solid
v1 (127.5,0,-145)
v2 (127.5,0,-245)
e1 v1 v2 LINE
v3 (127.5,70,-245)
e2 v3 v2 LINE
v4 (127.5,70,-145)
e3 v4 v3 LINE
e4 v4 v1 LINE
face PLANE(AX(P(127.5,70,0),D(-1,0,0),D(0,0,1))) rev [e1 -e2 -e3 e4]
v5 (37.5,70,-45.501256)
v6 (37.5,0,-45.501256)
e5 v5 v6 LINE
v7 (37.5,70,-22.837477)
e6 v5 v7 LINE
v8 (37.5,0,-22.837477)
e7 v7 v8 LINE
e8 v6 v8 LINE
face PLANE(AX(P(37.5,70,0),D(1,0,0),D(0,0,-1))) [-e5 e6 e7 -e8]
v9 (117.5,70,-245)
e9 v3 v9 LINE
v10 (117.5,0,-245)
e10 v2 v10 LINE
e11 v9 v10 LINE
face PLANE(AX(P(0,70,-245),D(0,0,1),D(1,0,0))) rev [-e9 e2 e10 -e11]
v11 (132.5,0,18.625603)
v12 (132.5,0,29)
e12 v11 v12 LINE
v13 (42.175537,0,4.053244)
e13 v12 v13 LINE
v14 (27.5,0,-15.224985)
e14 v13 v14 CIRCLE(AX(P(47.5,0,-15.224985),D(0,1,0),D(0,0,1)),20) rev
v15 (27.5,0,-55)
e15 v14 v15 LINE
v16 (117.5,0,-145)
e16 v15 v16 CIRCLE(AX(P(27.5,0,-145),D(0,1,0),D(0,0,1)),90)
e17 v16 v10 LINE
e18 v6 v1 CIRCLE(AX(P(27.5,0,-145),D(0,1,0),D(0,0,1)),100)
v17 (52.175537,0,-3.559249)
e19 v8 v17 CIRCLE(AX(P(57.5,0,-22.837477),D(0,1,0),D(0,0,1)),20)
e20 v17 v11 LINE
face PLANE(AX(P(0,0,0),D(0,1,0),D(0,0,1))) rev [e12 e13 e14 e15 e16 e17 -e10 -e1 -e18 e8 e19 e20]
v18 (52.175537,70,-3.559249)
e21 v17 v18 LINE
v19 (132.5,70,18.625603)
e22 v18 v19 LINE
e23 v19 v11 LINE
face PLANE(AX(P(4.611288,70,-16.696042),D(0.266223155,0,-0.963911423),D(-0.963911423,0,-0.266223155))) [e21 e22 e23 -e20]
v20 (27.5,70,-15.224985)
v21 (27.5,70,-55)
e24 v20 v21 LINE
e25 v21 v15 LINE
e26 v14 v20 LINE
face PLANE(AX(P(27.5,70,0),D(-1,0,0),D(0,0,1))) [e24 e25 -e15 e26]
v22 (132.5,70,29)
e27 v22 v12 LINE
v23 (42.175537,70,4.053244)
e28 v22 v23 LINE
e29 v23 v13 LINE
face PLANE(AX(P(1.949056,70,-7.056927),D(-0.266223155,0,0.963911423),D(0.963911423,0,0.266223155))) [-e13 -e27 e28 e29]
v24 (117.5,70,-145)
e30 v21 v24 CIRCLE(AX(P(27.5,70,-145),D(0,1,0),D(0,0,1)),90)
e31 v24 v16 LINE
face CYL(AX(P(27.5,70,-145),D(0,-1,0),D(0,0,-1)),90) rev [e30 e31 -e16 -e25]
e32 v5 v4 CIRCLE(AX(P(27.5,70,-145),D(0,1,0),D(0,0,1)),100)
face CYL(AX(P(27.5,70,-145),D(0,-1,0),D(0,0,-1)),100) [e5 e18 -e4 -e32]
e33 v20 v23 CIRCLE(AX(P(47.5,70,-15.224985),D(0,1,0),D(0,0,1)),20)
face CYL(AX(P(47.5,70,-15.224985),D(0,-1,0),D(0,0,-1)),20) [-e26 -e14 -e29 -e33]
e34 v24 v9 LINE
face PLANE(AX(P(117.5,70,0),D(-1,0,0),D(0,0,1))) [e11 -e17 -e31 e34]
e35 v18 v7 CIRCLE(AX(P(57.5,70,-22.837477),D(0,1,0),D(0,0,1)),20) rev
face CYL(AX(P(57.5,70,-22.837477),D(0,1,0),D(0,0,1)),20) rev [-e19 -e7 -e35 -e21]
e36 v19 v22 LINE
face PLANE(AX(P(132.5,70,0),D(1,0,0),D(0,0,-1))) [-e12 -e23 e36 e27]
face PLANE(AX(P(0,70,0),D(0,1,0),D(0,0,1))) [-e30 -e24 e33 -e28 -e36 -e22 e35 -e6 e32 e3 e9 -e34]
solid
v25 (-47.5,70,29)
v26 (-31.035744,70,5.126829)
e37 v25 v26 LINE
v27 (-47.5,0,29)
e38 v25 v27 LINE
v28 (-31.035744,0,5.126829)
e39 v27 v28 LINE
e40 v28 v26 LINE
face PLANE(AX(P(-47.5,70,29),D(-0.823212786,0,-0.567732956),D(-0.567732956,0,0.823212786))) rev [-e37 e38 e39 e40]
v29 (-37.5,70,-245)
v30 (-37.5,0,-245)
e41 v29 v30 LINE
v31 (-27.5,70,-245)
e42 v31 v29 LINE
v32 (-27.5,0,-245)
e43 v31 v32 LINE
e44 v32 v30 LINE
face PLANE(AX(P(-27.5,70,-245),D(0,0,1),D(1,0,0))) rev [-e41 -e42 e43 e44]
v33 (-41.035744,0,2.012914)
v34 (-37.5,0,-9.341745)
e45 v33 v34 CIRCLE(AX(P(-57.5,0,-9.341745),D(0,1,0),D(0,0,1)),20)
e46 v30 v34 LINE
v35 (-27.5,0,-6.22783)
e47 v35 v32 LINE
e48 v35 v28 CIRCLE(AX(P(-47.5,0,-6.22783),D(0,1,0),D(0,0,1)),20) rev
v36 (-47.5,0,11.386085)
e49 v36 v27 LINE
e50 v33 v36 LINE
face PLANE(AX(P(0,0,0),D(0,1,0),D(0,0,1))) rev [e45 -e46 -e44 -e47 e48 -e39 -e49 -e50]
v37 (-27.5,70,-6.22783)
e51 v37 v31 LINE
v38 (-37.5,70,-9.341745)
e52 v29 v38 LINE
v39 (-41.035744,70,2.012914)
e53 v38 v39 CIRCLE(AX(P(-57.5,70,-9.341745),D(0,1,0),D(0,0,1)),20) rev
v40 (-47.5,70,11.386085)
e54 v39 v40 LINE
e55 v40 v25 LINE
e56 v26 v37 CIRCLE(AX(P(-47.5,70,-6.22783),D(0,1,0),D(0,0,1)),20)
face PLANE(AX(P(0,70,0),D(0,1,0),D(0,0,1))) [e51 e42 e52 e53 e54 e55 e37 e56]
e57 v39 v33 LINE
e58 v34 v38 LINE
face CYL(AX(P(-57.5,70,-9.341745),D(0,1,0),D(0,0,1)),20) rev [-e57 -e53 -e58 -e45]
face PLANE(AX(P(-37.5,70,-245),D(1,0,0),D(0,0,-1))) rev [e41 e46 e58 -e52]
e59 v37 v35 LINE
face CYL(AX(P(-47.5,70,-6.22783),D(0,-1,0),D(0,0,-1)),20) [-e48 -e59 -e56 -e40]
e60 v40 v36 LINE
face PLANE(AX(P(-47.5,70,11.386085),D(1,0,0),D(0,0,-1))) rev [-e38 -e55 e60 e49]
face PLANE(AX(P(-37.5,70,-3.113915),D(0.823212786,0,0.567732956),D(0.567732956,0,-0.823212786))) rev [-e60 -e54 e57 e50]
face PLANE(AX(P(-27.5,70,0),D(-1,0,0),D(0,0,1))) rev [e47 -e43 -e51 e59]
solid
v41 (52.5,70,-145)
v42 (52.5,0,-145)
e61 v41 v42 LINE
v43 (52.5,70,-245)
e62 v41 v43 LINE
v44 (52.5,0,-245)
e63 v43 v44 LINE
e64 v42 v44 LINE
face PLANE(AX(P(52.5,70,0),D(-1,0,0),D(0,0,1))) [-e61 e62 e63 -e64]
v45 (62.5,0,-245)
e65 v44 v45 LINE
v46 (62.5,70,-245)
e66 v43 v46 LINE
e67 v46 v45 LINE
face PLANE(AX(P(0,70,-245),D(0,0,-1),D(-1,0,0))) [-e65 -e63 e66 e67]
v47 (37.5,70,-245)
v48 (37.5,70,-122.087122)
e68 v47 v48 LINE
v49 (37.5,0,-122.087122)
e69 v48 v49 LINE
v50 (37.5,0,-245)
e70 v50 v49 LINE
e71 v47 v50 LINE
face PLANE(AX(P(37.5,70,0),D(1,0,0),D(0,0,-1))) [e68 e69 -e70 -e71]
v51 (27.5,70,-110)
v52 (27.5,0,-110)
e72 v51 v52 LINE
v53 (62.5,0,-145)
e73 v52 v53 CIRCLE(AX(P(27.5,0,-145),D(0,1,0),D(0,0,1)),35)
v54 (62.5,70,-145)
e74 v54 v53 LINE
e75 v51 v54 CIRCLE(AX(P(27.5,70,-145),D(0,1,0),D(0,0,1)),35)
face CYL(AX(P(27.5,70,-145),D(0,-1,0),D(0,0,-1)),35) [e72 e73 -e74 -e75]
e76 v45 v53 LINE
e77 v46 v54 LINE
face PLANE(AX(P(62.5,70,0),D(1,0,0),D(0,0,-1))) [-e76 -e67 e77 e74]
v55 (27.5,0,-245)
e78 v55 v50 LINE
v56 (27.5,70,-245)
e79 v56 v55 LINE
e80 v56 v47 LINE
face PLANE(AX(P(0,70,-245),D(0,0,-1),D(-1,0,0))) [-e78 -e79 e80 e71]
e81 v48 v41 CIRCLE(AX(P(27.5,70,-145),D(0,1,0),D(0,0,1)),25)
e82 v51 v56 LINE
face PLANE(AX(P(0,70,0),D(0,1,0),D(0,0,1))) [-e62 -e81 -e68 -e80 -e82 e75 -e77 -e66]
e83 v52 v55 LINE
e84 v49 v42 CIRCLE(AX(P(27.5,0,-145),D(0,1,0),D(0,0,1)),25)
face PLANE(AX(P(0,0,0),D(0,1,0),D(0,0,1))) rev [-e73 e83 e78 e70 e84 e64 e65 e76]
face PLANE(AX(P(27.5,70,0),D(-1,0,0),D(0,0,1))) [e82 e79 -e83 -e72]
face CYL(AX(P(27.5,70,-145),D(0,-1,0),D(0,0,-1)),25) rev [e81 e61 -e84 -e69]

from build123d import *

# Parameters (mm, degrees)
BOSS_EXTRUDE1_DEPTH   = 70
BOSS_EXTRUDE1_2_DEPTH = 70
BOSS_EXTRUDE1_3_DEPTH = 70
FILLET1_R             = 20
FILLET2_R             = 20


with BuildPart() as part:
    # Sketch1 → Boss-Extrude1 (new body)
    with BuildSketch(Plane(origin=(0, 0, 0), x_dir=(1, 0, 0), z_dir=(0, 1, 0))):
        Polygon((-47.5, -11.386085046), (-47.5, -29), (-27.5, 0), (-27.5, 245), (-37.5, 245), (-37.5, 3.113914954), align=None)
    extrude(amount=BOSS_EXTRUDE1_DEPTH)

    # Fillet2
    fillet2_edges = [part.edges().sort_by_distance(p)[0] for p in [
        (-27.5, 35, 0),
        (-37.5, 35, -3.113914954),
    ]]
    fillet(fillet2_edges, radius=FILLET2_R)


with BuildPart() as body_2:
    # Sketch1 → Boss-Extrude1 2 (new body)
    with BuildSketch(Plane(origin=(0, 0, 0), x_dir=(1, 0, 0), z_dir=(0, 1, 0))):
        with BuildLine():
            Line((27.5, 0), (132.5, -29))
            Line((132.5, -29), (132.5, -18.625602769))
            Line((132.5, -18.625602769), (37.5, 7.612492469))
            Line((37.5, 7.612492469), (37.5, 45.501256289))
            ThreePointArc((37.5, 45.501256289), (101.661984871, 77.917960675), (127.5, 145))
            Line((127.5, 145), (127.5, 245))
            Line((127.5, 245), (117.5, 245))
            Line((117.5, 245), (117.5, 145))
            ThreePointArc((117.5, 145), (91.139610307, 81.360389693), (27.5, 55))
            Line((27.5, 55), (27.5, 0))
        make_face()
    extrude(amount=BOSS_EXTRUDE1_2_DEPTH)

    # Fillet1
    fillet1_edges = [body_2.edges().sort_by_distance(p)[0] for p in [
        (37.5, 35, -7.612492469),
        (27.5, 35, 0),
    ]]
    fillet(fillet1_edges, radius=FILLET1_R)


with BuildPart() as body_3:
    # Sketch1 → Boss-Extrude1 3 (new body)
    with BuildSketch(Plane(origin=(0, 0, 0), x_dir=(1, 0, 0), z_dir=(0, 1, 0))):
        with BuildLine():
            Line((37.5, 245), (27.5, 245))
            Line((27.5, 245), (27.5, 110))
            ThreePointArc((27.5, 110), (52.248737342, 120.251262658), (62.5, 145))
            Line((62.5, 145), (62.5, 245))
            Line((62.5, 245), (52.5, 245))
            Line((52.5, 245), (52.5, 145))
            ThreePointArc((52.5, 145), (48.416500663, 131.306936062), (37.5, 122.087121525))
            Line((37.5, 122.087121525), (37.5, 245))
        make_face()
    extrude(amount=BOSS_EXTRUDE1_3_DEPTH)


solid = Compound([part.part, body_2.part, body_3.part])
